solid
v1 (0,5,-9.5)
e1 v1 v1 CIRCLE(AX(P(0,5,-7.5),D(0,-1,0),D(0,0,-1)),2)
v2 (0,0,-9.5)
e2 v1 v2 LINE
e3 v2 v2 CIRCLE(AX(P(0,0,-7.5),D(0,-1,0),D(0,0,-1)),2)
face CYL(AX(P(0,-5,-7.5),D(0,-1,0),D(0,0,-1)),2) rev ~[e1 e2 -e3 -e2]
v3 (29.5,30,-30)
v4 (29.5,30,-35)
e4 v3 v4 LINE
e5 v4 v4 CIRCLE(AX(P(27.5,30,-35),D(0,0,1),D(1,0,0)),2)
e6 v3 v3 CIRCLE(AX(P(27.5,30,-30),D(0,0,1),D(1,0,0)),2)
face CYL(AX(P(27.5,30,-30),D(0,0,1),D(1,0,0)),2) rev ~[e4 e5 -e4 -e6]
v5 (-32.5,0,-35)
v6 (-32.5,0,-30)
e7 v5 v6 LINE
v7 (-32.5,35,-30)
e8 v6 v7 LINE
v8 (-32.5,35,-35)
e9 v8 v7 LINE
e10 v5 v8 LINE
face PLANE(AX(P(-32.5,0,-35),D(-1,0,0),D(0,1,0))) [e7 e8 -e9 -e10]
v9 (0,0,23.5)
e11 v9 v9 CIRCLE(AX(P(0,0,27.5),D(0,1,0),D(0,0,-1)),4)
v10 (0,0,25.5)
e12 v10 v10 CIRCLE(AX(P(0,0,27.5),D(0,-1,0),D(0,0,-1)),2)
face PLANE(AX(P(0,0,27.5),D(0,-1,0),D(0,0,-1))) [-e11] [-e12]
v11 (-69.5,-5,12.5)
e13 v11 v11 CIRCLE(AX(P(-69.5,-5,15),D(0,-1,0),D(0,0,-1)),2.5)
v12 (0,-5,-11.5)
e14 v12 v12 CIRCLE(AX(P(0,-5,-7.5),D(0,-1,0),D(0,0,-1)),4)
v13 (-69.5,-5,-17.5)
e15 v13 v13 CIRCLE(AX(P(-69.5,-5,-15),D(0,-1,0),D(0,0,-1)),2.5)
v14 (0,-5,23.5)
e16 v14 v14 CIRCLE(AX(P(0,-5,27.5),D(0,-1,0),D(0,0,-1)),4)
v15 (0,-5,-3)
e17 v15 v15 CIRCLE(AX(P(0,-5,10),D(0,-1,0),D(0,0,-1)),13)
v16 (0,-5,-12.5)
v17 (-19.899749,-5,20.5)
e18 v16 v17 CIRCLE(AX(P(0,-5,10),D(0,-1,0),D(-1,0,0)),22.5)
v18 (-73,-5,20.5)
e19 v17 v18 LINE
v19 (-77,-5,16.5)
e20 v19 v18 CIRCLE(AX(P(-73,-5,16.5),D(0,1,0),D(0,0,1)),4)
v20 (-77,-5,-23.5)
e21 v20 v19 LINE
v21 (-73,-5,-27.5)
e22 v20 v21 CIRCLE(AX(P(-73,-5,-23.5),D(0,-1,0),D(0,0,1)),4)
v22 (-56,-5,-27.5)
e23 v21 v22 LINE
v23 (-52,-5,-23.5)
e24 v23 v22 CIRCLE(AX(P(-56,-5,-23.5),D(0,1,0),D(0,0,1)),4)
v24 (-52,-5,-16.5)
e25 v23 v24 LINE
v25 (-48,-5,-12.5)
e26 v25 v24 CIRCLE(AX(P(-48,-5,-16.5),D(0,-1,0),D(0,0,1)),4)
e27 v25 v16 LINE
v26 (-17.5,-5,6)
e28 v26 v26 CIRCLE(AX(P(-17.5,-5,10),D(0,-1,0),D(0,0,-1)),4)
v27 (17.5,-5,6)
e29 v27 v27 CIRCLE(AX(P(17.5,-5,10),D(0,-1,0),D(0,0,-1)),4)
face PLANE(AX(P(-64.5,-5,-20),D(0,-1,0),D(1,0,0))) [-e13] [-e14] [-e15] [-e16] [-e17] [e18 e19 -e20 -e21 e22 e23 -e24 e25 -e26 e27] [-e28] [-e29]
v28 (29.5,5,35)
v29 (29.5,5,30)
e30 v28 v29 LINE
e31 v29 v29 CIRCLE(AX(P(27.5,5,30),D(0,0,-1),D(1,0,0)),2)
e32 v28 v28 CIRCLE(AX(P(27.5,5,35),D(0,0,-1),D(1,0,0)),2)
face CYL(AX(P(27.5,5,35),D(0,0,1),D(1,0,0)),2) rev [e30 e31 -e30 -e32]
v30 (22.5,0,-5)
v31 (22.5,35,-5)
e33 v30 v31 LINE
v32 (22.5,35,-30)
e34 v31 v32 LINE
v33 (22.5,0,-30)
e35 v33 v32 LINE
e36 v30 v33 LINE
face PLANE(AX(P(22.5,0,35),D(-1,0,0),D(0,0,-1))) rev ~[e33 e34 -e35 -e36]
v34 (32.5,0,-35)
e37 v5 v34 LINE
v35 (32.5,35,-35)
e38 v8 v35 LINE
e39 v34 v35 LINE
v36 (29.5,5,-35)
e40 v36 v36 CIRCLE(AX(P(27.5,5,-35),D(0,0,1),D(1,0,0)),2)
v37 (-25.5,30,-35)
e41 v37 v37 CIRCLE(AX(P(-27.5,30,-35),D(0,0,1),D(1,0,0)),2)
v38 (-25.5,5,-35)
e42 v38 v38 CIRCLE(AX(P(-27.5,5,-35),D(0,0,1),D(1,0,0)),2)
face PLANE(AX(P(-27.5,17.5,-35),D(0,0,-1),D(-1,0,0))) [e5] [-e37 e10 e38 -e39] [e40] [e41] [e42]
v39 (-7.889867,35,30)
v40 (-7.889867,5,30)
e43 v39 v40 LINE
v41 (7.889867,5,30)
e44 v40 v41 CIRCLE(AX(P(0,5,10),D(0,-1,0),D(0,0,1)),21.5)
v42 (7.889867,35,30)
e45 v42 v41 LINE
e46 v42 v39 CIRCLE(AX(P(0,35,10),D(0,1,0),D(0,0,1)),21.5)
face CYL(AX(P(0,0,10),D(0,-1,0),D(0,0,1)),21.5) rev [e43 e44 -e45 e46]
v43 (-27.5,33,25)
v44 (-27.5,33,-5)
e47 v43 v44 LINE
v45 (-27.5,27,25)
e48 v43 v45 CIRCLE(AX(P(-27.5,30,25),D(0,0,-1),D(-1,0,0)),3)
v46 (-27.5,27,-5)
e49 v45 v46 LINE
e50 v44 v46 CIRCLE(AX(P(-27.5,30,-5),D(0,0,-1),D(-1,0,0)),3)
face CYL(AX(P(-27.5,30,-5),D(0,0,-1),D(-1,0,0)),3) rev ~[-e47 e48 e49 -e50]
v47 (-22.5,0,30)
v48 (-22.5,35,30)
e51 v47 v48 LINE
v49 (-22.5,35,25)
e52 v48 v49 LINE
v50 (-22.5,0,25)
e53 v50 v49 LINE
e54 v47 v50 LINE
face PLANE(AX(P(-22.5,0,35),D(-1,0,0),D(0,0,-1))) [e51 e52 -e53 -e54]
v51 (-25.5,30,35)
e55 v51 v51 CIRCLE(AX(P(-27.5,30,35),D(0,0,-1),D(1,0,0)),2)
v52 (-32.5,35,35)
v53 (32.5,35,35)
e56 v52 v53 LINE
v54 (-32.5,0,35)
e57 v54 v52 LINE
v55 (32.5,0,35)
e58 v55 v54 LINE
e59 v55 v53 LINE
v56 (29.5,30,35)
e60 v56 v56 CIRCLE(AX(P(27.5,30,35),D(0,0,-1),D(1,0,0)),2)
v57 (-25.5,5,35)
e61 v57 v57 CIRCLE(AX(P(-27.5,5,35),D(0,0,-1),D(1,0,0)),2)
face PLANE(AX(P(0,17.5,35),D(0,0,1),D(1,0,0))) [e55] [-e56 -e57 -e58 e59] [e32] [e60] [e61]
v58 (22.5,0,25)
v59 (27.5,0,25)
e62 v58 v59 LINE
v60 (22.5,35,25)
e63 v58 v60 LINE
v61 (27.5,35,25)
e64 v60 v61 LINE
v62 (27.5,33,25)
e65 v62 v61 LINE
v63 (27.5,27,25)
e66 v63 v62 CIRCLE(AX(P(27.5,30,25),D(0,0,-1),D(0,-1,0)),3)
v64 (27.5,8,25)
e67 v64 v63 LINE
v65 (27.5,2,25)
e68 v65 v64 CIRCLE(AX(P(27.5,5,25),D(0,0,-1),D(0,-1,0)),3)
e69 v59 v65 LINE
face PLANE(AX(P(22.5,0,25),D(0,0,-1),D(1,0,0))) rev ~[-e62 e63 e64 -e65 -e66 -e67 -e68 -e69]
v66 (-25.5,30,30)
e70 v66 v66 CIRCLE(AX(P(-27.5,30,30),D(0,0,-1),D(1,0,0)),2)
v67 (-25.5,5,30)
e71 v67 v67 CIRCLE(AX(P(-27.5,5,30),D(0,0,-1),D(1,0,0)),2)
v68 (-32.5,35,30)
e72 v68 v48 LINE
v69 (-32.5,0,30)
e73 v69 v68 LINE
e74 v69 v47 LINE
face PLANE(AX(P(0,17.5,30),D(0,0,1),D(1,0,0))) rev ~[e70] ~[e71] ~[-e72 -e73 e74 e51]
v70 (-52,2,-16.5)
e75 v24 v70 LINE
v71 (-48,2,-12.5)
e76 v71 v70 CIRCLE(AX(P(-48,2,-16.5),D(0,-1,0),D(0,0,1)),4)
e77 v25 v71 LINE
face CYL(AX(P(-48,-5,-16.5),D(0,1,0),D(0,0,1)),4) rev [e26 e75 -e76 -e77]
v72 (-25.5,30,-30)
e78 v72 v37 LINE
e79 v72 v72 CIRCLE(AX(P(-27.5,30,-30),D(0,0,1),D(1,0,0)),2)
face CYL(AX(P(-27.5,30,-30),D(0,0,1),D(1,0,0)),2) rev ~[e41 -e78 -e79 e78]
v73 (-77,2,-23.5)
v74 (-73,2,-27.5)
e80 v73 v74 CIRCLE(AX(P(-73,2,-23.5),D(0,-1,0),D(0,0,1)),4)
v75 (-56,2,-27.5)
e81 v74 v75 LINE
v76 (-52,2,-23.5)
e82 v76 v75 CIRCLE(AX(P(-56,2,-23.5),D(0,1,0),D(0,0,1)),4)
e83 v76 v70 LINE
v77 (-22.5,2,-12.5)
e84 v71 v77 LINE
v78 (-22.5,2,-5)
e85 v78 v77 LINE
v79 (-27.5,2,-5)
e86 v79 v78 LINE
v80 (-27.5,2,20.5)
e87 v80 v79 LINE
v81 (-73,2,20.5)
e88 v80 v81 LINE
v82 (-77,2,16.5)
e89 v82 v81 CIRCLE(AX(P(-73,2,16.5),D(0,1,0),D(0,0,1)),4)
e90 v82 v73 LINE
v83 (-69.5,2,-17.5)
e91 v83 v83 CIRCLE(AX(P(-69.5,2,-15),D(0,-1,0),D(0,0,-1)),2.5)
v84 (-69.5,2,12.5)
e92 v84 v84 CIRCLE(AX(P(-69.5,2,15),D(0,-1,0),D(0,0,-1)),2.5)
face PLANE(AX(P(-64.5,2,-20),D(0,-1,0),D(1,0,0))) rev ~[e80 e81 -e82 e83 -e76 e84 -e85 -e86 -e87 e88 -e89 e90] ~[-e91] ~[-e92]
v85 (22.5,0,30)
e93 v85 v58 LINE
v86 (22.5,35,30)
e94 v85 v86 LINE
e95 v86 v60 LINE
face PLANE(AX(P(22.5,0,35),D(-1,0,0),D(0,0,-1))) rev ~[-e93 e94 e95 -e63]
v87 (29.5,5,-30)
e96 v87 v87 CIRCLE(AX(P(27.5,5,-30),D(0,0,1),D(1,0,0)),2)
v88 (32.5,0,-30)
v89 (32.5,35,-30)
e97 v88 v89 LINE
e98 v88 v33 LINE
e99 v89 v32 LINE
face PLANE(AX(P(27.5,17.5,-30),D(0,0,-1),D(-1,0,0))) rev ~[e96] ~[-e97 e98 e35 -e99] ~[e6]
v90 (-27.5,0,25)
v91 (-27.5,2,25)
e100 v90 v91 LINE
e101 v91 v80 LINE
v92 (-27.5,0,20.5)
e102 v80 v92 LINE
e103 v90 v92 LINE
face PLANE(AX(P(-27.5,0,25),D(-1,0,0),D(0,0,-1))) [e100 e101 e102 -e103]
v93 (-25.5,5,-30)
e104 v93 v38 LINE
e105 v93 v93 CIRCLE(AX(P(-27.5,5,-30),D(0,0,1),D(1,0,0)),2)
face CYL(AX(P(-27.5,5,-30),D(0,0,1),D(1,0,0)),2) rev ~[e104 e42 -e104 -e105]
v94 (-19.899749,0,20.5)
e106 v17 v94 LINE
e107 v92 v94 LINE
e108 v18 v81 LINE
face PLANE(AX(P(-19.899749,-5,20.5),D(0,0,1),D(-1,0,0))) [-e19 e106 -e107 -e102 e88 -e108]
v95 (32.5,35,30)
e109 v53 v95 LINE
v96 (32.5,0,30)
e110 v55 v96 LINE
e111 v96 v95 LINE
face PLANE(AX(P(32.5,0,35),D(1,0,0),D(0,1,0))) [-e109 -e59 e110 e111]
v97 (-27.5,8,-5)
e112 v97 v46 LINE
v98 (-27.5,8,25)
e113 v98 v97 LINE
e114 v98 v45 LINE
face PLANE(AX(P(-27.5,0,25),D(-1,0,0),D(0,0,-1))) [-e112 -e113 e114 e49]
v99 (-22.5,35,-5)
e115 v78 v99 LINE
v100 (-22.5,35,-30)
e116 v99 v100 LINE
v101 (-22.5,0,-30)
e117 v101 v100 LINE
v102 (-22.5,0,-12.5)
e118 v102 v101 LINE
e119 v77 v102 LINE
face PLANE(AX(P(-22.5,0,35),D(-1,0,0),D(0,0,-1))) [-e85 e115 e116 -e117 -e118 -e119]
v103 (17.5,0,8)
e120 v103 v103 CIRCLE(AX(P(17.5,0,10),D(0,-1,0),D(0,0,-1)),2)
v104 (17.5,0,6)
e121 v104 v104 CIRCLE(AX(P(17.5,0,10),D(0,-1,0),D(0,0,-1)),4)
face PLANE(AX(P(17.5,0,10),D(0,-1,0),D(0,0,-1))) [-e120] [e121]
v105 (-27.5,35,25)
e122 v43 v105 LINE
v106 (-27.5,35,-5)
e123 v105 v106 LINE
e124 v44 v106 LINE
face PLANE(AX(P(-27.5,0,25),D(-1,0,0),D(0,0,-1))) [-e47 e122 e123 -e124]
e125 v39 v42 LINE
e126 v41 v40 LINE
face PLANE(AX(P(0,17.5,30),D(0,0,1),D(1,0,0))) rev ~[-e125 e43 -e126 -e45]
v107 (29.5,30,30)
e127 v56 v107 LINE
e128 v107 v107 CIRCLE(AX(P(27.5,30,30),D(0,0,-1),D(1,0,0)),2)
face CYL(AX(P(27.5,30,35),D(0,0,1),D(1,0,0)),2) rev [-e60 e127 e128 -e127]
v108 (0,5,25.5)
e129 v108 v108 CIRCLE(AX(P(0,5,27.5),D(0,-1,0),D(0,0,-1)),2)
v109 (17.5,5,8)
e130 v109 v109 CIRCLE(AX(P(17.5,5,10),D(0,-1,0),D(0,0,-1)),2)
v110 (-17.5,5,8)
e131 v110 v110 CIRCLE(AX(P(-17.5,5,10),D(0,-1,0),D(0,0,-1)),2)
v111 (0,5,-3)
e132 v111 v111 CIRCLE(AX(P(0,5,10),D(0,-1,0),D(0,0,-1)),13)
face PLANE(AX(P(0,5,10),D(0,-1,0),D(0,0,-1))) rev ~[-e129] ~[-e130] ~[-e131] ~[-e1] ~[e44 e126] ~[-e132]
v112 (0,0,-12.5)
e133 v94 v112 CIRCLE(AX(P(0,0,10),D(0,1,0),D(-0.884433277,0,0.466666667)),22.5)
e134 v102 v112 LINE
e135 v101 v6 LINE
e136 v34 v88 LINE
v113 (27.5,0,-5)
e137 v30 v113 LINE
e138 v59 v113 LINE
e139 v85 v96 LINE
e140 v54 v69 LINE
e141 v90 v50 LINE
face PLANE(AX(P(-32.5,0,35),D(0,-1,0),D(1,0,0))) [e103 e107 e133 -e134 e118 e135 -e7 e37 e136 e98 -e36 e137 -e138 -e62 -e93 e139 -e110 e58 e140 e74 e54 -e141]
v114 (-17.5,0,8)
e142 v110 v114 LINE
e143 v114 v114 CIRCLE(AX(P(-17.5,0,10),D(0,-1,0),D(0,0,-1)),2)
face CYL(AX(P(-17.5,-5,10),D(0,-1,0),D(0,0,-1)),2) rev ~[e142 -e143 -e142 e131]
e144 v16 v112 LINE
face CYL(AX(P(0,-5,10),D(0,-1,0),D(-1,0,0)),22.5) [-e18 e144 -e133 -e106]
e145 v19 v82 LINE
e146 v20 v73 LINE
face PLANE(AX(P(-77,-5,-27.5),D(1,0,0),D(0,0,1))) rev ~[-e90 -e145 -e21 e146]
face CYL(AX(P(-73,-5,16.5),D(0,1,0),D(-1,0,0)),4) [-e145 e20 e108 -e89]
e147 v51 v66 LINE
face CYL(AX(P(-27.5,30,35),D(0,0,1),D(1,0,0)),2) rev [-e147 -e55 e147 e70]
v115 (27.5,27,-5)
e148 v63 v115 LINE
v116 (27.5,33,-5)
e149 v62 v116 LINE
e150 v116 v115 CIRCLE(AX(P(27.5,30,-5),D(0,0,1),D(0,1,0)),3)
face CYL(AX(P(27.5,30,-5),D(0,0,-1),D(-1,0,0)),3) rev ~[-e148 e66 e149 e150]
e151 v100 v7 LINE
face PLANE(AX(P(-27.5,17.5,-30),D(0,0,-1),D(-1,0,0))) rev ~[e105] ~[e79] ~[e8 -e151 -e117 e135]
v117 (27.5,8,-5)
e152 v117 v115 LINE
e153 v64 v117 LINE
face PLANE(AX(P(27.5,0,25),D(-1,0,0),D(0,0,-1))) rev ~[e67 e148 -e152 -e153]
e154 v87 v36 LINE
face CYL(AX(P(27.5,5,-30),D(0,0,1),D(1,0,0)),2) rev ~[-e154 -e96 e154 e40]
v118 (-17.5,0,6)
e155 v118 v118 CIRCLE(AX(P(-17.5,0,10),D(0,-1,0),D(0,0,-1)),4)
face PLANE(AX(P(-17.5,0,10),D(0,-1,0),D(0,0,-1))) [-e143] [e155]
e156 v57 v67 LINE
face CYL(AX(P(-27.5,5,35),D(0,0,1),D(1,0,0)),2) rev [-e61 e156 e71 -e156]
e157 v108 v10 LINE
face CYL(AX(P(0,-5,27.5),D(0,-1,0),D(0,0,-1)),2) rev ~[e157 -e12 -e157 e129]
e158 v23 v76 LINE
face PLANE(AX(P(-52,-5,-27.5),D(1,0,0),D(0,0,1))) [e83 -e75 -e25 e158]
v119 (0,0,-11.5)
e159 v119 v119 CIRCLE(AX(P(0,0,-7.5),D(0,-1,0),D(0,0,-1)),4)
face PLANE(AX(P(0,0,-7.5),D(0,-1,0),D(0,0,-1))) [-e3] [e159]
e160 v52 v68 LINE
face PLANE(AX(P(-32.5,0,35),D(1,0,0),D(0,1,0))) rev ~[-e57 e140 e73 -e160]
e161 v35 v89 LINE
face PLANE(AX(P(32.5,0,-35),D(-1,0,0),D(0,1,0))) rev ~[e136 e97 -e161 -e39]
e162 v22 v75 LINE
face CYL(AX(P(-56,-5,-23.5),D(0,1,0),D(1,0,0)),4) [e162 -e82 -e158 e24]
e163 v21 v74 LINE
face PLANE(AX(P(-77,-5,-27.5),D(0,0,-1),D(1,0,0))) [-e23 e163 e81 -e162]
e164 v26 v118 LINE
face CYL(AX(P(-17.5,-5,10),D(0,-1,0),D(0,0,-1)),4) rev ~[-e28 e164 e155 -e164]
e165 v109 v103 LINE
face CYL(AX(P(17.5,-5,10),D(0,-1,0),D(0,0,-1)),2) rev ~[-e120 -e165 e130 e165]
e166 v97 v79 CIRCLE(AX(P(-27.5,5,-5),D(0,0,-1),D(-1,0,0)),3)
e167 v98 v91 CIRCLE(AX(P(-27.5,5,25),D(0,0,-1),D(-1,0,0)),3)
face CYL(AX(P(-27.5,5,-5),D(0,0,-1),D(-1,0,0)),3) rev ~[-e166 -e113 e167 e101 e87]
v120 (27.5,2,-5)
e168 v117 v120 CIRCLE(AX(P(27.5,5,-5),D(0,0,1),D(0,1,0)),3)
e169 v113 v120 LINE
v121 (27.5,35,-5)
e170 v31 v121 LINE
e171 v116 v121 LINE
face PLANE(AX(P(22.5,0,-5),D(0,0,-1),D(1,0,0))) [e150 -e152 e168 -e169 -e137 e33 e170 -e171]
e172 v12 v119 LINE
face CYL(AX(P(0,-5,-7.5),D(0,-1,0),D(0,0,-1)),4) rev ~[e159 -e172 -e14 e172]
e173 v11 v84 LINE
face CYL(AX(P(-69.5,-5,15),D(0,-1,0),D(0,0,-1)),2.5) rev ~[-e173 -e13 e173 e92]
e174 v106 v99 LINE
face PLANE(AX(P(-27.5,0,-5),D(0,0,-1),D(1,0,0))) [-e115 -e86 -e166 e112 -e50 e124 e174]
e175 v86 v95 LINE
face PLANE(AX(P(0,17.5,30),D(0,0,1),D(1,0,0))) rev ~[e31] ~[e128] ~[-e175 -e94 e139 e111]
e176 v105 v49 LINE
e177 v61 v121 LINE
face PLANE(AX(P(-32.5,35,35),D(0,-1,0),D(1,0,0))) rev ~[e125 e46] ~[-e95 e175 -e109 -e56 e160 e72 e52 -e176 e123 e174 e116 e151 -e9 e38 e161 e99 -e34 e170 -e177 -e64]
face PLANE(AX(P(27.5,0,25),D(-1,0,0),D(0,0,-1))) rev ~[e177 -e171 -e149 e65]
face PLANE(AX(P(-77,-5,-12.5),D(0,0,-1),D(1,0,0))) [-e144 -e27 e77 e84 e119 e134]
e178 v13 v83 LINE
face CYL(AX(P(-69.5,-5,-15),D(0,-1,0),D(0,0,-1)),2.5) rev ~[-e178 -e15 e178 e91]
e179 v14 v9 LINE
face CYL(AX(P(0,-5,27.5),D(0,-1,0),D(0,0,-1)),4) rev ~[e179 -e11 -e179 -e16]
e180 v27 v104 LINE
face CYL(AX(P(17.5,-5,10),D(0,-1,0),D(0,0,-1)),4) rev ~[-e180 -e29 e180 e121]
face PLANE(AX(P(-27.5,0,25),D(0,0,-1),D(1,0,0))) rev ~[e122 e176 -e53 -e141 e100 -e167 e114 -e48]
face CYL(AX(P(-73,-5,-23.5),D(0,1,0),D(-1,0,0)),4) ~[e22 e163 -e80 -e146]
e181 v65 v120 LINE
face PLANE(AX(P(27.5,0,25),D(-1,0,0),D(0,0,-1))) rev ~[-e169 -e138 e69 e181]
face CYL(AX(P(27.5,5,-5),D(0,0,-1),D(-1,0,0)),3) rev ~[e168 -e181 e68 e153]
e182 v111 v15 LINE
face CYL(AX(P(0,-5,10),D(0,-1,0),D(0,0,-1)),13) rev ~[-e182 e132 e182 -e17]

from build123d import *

# Parameters (mm, degrees)
SKETCH_1_W          = 45
SKETCH_1_H          = 70
SKETCH_1_R          = 21.5
EXTRUDE_1_DEPTH     = 35
SKETCH_2_R          = 21.5
EXTRUDE_2_DEPTH     = 5
SKETCH_3_R          = 2
SKETCH_3_R_2        = 13
CUT_EXTRUDE_1_DEPTH = 10
SKETCH_5_W          = 10
SKETCH_5_H          = 35
EXTRUDE_3_DEPTH     = 5
SKETCH_6_R          = 2
CUT_EXTRUDE_2_DEPTH = 5
EXTRUDE_START       = 5
SKETCH_8_R          = 22.5
SKETCH_8_R_2        = 13
SKETCH_8_R_3        = 2
EXTRUDE_5_DEPTH     = 5
SKETCH_9_R          = 4
CUT_EXTRUDE_3_DEPTH = 5
EXTRUDE_6_DEPTH     = 7
SKETCH_11_W         = 25
SKETCH_11_H         = 15
EXTRUDE_7_DEPTH     = 7
FILLET_1_R          = 4
SKETCH_12_R         = 2.5
CUT_EXTRUDE_4_DEPTH = 10
SKETCH_13_W         = 5
SKETCH_13_H         = 30
EXTRUDE_8_DEPTH     = 35
SKETCH_14_W         = 65
SKETCH_14_H         = 35
EXTRUDE_9_DEPTH     = 5
CUT_EXTRUDE_START   = -5
SKETCH_16_R         = 2
CUT_EXTRUDE_5_DEPTH = 5
SKETCH_18_R         = 3
CUT_EXTRUDE_6_DEPTH = 31


with BuildPart() as part:
    # 草图1 → 凸台-拉伸1 (new body)
    with BuildSketch(Plane(origin=(0, 0, 0), x_dir=(1, 0, 0), z_dir=(0, 1, 0))):
        Rectangle(SKETCH_1_W, SKETCH_1_H)
        with Locations(Location((0, -10, 0), (0, 0, 270))):
            Circle(SKETCH_1_R, mode=Mode.SUBTRACT)
    extrude(amount=EXTRUDE_1_DEPTH)

    # 草图2 → 凸台-拉伸2 (add)
    with BuildSketch(Plane.XZ):
        with Locations(Location((0, 10, 0), (0, 0, 270))):
            Circle(SKETCH_2_R)
    extrude(amount=-EXTRUDE_2_DEPTH)

    # 草图3 → 切除-拉伸1 (cut)
    with BuildSketch(Plane.XZ):
        with Locations(Location((0, -7.5, 0), (0, 0, 270))):
            Circle(SKETCH_3_R)
        with Locations(Location((-17.5, 10, 0), (0, 0, 270))):
            Circle(SKETCH_3_R)
        with Locations(Location((0, 27.5, 0), (0, 0, 270))):
            Circle(SKETCH_3_R)
        with Locations(Location((17.5, 10, 0), (0, 0, 270))):
            Circle(SKETCH_3_R)
        with Locations(Location((0, 10, 0), (0, 0, 270))):
            Circle(SKETCH_3_R_2)
    extrude(amount=-CUT_EXTRUDE_1_DEPTH, mode=Mode.SUBTRACT)

    # 草图5 → 凸台-拉伸3 (add)
    with BuildSketch(Plane(origin=(0, 0, -35), x_dir=(-1, 0, 0), z_dir=(0, 0, -1))):
        with Locations((27.5, 17.5)):
            Rectangle(SKETCH_5_W, SKETCH_5_H)
        with Locations((-27.5, 17.5)):
            Rectangle(SKETCH_5_W, SKETCH_5_H)
    extrude(amount=-EXTRUDE_3_DEPTH)

    # 草图6 → 切除-拉伸2 (cut)
    with BuildSketch(Plane.XY.offset(-30)):
        with Locations((27.5, 30)):
            Circle(SKETCH_6_R)
        with Locations((27.5, 5)):
            Circle(SKETCH_6_R)
        with Locations((-27.5, 30)):
            Circle(SKETCH_6_R)
        with Locations((-27.5, 5)):
            Circle(SKETCH_6_R)
    extrude(amount=-CUT_EXTRUDE_2_DEPTH, mode=Mode.SUBTRACT)

    # 草图8 → 凸台-拉伸5 (add)
    with BuildSketch(Plane.XZ.offset(EXTRUDE_START)):
        with Locations(Location((0, 10, 0), (0, 0, 180))):
            Circle(SKETCH_8_R)
        with Locations(Location((0, 10, 0), (0, 0, 270))):
            Circle(SKETCH_8_R_2, mode=Mode.SUBTRACT)
        with Locations(Location((-17.5, 10, 0), (0, 0, 270))):
            Circle(SKETCH_8_R_3, mode=Mode.SUBTRACT)
        with Locations(Location((0, -7.5, 0), (0, 0, 270))):
            Circle(SKETCH_8_R_3, mode=Mode.SUBTRACT)
        with Locations(Location((17.5, 10, 0), (0, 0, 270))):
            Circle(SKETCH_8_R_3, mode=Mode.SUBTRACT)
        with Locations(Location((0, 27.5, 0), (0, 0, 270))):
            Circle(SKETCH_8_R_3, mode=Mode.SUBTRACT)
    extrude(amount=-EXTRUDE_5_DEPTH)

    # 草图9 → 切除-拉伸3 (cut)
    with BuildSketch(Plane.XZ.offset(5)):
        with Locations(Location((0, 27.5, 0), (0, 0, 270))):
            Circle(SKETCH_9_R)
        with Locations(Location((-17.5, 10, 0), (0, 0, 270))):
            Circle(SKETCH_9_R)
        with Locations(Location((17.5, 10, 0), (0, 0, 270))):
            Circle(SKETCH_9_R)
        with Locations(Location((0, -7.5, 0), (0, 0, 270))):
            Circle(SKETCH_9_R)
    extrude(amount=-CUT_EXTRUDE_3_DEPTH, mode=Mode.SUBTRACT)

    # 草图10 → 凸台-拉伸6 (add)
    with BuildSketch(Plane.XZ.offset(5)):
        with BuildLine():
            Line((-19.899748742, 20.5), (-77, 20.5))
            Line((-77, 20.5), (-77, -12.5))
            Line((-77, -12.5), (0, -12.5))
            ThreePointArc((0, -12.5), (-19.267848868, -1.618950039), (-19.899748742, 20.5))
        make_face()
    extrude(amount=-EXTRUDE_6_DEPTH)

    # 草图11 → 凸台-拉伸7 (add)
    with BuildSketch(Plane.XZ.offset(5)):
        with Locations((-64.5, -20)):
            Rectangle(SKETCH_11_W, SKETCH_11_H)
    extrude(amount=-EXTRUDE_7_DEPTH)

    # 圆角1
    fillet_1_edges = [part.edges().sort_by_distance(p)[0] for p in [
        (-77, -1.5, 20.5),
        (-77, -1.5, -27.5),
        (-52, -1.5, -12.5),
        (-52, -1.5, -27.5),
    ]]
    fillet(fillet_1_edges, radius=FILLET_1_R)

    # 草图12 → 切除-拉伸4 (cut)
    with BuildSketch(Plane.XZ.offset(5)):
        with Locations(Location((-69.5, -15, 0), (0, 0, 270))):
            Circle(SKETCH_12_R)
        with Locations(Location((-69.5, 15, 0), (0, 0, 270))):
            Circle(SKETCH_12_R)
    extrude(amount=-CUT_EXTRUDE_4_DEPTH, mode=Mode.SUBTRACT)

    # 草图13 → 凸台-拉伸8 (add)
    with BuildSketch(Plane(origin=(0, 0, 0), x_dir=(1, 0, 0), z_dir=(0, 1, 0))):
        with Locations((25, -10)):
            Rectangle(SKETCH_13_W, SKETCH_13_H)
        with Locations((-25, -10)):
            Rectangle(SKETCH_13_W, SKETCH_13_H)
    extrude(amount=EXTRUDE_8_DEPTH)

    # 草图14 → 凸台-拉伸9 (add)
    with BuildSketch(Plane.XY.offset(35)):
        with Locations((0, 17.5)):
            Rectangle(SKETCH_14_W, SKETCH_14_H)
    extrude(amount=-EXTRUDE_9_DEPTH)

    # 草图16 → 切除-拉伸5 (cut)
    with BuildSketch(Plane(origin=(0, 0, 30), x_dir=(-1, 0, 0), z_dir=(0, 0, -1)).offset(CUT_EXTRUDE_START)):
        with Locations(Location((-27.5, 30, 0), (0, 0, 180))):
            Circle(SKETCH_16_R)
        with Locations(Location((-27.5, 5, 0), (0, 0, 180))):
            Circle(SKETCH_16_R)
        with Locations(Location((27.5, 30, 0), (0, 0, 180))):
            Circle(SKETCH_16_R)
        with Locations(Location((27.5, 5, 0), (0, 0, 180))):
            Circle(SKETCH_16_R)
    extrude(amount=CUT_EXTRUDE_5_DEPTH, mode=Mode.SUBTRACT)

    # 草图18 → 切除-拉伸6 (cut)
    with BuildSketch(Plane(origin=(0, 0, -5), x_dir=(-1, 0, 0), z_dir=(0, 0, -1))):
        with Locations((27.5, 30)):
            Circle(SKETCH_18_R)
        with Locations((27.5, 5)):
            Circle(SKETCH_18_R)
        with Locations((-27.5, 5)):
            Circle(SKETCH_18_R)
        with Locations((-27.5, 30)):
            Circle(SKETCH_18_R)
    extrude(amount=-CUT_EXTRUDE_6_DEPTH, mode=Mode.SUBTRACT)


solid = part.part
